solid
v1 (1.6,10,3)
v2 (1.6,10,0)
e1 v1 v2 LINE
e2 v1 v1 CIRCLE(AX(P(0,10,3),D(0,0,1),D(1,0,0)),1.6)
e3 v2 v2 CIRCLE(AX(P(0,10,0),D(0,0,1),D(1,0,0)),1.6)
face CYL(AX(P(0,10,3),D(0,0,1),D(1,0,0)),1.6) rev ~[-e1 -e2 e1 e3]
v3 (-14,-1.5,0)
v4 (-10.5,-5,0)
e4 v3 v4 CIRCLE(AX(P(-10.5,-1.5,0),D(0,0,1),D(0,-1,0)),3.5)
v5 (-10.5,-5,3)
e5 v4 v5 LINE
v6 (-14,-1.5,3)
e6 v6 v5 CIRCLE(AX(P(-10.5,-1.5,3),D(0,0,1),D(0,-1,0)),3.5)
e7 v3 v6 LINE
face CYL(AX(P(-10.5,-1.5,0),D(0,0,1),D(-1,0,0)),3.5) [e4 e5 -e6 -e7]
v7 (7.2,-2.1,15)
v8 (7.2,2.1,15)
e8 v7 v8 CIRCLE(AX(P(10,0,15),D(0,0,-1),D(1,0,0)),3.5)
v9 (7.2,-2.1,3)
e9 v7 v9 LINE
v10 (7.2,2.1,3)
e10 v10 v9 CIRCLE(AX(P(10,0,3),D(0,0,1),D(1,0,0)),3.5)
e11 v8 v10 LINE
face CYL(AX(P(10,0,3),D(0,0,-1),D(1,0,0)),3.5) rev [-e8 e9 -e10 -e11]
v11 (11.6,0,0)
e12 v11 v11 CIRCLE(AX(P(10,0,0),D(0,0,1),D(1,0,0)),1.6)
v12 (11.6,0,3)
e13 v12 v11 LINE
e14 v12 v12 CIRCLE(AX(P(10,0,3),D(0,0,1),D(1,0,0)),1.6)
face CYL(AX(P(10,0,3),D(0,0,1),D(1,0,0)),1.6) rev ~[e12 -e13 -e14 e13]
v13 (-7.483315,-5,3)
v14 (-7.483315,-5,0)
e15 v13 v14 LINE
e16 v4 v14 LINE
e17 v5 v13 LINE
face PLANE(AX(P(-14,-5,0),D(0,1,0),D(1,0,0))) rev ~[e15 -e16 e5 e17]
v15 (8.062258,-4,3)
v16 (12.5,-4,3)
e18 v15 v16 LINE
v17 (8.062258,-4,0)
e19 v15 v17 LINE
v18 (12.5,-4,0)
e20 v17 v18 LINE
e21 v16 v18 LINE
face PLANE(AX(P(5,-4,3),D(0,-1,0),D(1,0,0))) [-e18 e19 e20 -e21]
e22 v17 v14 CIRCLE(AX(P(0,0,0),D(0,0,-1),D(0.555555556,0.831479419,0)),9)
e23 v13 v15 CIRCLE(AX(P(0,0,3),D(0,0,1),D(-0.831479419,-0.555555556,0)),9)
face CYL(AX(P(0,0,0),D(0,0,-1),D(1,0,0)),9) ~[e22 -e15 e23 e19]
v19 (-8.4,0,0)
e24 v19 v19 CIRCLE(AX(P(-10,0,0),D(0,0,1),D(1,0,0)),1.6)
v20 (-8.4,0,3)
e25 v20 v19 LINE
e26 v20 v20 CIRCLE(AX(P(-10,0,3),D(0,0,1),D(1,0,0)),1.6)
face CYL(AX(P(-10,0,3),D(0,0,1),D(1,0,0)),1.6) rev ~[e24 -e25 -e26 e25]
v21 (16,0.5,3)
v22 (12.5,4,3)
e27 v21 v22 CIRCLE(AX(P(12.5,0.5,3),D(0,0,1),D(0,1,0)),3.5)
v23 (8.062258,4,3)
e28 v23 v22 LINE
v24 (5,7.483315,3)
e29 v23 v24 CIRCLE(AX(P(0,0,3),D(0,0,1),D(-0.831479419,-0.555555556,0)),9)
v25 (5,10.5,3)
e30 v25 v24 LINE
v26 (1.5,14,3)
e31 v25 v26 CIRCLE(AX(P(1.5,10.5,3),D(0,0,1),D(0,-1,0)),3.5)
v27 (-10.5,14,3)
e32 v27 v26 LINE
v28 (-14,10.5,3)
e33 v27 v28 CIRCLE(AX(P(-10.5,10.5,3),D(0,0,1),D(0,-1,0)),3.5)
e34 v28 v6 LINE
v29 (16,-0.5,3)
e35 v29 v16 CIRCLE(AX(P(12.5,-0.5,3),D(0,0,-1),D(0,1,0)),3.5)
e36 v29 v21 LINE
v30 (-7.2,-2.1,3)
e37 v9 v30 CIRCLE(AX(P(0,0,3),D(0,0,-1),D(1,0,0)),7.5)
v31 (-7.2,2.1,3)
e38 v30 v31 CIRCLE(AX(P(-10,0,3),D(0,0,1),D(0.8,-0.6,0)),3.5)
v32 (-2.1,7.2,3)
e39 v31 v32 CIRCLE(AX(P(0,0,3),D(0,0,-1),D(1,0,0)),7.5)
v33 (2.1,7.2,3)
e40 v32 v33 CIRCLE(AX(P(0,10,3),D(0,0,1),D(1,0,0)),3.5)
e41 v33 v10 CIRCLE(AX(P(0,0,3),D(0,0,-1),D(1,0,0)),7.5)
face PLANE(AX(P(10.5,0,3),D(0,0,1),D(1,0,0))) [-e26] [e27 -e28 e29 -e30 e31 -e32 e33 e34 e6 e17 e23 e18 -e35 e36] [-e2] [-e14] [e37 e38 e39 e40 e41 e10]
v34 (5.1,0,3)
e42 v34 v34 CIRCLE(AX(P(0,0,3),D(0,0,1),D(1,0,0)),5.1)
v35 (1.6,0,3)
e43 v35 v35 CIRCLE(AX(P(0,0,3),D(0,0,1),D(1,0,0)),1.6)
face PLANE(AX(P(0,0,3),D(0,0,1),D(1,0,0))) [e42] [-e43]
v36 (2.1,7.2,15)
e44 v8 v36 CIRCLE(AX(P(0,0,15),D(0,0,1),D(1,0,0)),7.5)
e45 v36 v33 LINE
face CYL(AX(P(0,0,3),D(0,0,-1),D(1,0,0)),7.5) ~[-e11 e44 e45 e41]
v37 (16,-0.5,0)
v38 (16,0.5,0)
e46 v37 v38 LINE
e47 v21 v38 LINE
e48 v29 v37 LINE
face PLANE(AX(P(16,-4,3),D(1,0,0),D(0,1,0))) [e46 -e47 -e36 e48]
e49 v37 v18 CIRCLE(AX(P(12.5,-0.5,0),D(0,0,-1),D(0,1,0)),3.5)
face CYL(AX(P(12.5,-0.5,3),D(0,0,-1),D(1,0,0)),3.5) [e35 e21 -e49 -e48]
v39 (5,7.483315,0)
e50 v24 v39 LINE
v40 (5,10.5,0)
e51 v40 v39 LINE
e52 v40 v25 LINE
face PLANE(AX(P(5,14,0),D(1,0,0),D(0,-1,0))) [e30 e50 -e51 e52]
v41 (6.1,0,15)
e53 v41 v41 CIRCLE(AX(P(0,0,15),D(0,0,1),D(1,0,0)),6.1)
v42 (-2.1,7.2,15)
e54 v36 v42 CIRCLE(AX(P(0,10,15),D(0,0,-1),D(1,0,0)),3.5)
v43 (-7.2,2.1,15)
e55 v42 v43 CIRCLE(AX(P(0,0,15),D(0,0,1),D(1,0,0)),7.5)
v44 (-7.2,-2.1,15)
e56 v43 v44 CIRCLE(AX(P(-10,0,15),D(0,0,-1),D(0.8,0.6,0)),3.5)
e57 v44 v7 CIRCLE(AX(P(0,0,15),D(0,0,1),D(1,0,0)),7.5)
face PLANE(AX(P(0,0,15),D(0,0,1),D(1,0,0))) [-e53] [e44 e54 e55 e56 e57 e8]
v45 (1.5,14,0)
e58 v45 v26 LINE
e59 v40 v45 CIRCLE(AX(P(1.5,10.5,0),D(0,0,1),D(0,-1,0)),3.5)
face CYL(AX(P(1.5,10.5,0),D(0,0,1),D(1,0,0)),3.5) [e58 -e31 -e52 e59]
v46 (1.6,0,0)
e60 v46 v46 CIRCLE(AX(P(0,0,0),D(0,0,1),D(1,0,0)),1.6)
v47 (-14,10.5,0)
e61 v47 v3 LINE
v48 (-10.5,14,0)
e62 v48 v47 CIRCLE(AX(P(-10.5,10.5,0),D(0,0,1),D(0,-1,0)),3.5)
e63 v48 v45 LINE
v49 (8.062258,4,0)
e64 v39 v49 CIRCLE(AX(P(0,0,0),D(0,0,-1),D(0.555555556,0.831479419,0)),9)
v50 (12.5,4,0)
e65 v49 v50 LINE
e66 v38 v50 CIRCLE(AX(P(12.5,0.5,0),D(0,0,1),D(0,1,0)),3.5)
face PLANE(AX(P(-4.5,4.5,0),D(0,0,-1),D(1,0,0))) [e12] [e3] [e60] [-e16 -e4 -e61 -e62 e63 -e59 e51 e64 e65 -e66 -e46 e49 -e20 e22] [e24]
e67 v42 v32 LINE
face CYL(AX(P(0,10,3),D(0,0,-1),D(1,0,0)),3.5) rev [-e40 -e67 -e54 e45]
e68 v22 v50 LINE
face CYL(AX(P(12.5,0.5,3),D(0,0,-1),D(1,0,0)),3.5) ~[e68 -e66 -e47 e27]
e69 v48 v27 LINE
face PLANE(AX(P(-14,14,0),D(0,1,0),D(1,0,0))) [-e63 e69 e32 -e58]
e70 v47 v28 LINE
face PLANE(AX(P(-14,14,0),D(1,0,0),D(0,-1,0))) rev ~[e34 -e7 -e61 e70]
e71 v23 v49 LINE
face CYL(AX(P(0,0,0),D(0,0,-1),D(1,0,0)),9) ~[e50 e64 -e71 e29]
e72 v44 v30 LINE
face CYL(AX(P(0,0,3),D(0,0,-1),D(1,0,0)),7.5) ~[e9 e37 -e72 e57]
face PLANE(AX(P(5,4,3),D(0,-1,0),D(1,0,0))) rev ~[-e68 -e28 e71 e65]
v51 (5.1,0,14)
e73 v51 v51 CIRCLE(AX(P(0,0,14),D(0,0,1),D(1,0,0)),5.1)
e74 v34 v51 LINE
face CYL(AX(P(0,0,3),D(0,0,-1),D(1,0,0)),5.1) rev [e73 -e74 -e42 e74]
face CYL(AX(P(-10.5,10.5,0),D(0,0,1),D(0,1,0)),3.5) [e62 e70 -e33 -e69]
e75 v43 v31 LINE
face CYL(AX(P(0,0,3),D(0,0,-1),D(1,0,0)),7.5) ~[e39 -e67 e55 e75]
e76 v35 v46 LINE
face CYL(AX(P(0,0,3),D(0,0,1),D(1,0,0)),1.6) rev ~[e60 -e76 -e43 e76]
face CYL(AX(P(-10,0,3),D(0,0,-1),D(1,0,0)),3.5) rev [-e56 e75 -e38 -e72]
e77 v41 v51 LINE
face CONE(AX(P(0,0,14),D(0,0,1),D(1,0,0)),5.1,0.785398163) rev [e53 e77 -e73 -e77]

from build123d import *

# Parameters (mm, degrees)
SKETCH_R        = 9
SKETCH_R_2      = 1.6
PAD_DEPTH       = 3
SKETCH001_R     = 7.5
SKETCH001_R_2   = 5.1
PAD001_DEPTH    = 12
SKETCH002_W     = 19
SKETCH002_H     = 19
PAD002_DEPTH    = 3
SKETCH003_R     = 1.6
POCKET_DEPTH    = 3.001
SKETCH004_W     = 11
SKETCH004_H     = 8
PAD003_DEPTH    = 3
FILLET_R        = 3.5
SKETCH005_R     = 1.6
POCKET001_DEPTH = 3.001
SKETCH006_R     = 3.5
POCKET002_DEPTH = 12.001
CHAMFER_SIZE    = 1


with BuildPart() as part:
    # Sketch → Pad (new body)
    with BuildSketch(Plane.XY):
        Circle(SKETCH_R)
        Circle(SKETCH_R_2, mode=Mode.SUBTRACT)
    extrude(amount=PAD_DEPTH)

    # Sketch001 (on Face4 of Pad) → Pad001 (join)
    with BuildSketch(Plane.XY.offset(3)):
        Circle(SKETCH001_R)
        Circle(SKETCH001_R_2, mode=Mode.SUBTRACT)
    extrude(amount=PAD001_DEPTH)

    # Sketch002 (on Face2 of Pad001) → Pad002 (join)
    with BuildSketch(Plane(origin=(0, 0, 0), x_dir=(1, 0, 0), z_dir=(0, 0, -1))):
        with Locations((-4.5, -4.5)):
            Rectangle(SKETCH002_W, SKETCH002_H)
    extrude(amount=-PAD002_DEPTH)

    # Sketch003 (on Face10 of Pad002) → Pocket (cut, through all)
    with BuildSketch(Plane.XY.offset(3)):
        Circle(SKETCH003_R)
    extrude(amount=-POCKET_DEPTH, mode=Mode.SUBTRACT)

    # Sketch004 (on Face16 of Pocket) → Pad003 (join)
    with BuildSketch(Plane.XY.offset(3)):
        with Locations((10.5, 0)):
            Rectangle(SKETCH004_W, SKETCH004_H)
    extrude(amount=-PAD003_DEPTH)

    # Fillet
    fillet_edges = [part.edges().sort_by_distance(p)[0] for p in [
        (-14, -5, 1.5),
        (-14, 14, 1.5),
        (5, 14, 1.5),
        (16, 4, 1.5),
        (16, -4, 1.5),
    ]]
    fillet(fillet_edges, radius=FILLET_R)

    # Sketch005 (on Face24 of Fillet) → Pocket001 (cut, through all)
    with BuildSketch(Plane.XY.offset(3)):
        with Locations((0, 10)):
            Circle(SKETCH005_R)
        with Locations((-10, 0)):
            Circle(SKETCH005_R)
        with Locations((10, 0)):
            Circle(SKETCH005_R)
    extrude(amount=-POCKET001_DEPTH, mode=Mode.SUBTRACT)

    # Sketch006 (on Face9 of Pocket001) → Pocket002 (cut, through all)
    with BuildSketch(Plane.XY.offset(3)):
        with Locations((0, 10)):
            Circle(SKETCH006_R)
        with Locations((-10, 0)):
            Circle(SKETCH006_R)
        with Locations((10, 0)):
            Circle(SKETCH006_R)
    extrude(amount=POCKET002_DEPTH, mode=Mode.SUBTRACT)

    # Chamfer
    chamfer_edges = [part.edges().sort_by_distance(p)[0] for p in [
        (-5.1, 0, 15),
    ]]
    chamfer(chamfer_edges, length=CHAMFER_SIZE)


solid = part.part
